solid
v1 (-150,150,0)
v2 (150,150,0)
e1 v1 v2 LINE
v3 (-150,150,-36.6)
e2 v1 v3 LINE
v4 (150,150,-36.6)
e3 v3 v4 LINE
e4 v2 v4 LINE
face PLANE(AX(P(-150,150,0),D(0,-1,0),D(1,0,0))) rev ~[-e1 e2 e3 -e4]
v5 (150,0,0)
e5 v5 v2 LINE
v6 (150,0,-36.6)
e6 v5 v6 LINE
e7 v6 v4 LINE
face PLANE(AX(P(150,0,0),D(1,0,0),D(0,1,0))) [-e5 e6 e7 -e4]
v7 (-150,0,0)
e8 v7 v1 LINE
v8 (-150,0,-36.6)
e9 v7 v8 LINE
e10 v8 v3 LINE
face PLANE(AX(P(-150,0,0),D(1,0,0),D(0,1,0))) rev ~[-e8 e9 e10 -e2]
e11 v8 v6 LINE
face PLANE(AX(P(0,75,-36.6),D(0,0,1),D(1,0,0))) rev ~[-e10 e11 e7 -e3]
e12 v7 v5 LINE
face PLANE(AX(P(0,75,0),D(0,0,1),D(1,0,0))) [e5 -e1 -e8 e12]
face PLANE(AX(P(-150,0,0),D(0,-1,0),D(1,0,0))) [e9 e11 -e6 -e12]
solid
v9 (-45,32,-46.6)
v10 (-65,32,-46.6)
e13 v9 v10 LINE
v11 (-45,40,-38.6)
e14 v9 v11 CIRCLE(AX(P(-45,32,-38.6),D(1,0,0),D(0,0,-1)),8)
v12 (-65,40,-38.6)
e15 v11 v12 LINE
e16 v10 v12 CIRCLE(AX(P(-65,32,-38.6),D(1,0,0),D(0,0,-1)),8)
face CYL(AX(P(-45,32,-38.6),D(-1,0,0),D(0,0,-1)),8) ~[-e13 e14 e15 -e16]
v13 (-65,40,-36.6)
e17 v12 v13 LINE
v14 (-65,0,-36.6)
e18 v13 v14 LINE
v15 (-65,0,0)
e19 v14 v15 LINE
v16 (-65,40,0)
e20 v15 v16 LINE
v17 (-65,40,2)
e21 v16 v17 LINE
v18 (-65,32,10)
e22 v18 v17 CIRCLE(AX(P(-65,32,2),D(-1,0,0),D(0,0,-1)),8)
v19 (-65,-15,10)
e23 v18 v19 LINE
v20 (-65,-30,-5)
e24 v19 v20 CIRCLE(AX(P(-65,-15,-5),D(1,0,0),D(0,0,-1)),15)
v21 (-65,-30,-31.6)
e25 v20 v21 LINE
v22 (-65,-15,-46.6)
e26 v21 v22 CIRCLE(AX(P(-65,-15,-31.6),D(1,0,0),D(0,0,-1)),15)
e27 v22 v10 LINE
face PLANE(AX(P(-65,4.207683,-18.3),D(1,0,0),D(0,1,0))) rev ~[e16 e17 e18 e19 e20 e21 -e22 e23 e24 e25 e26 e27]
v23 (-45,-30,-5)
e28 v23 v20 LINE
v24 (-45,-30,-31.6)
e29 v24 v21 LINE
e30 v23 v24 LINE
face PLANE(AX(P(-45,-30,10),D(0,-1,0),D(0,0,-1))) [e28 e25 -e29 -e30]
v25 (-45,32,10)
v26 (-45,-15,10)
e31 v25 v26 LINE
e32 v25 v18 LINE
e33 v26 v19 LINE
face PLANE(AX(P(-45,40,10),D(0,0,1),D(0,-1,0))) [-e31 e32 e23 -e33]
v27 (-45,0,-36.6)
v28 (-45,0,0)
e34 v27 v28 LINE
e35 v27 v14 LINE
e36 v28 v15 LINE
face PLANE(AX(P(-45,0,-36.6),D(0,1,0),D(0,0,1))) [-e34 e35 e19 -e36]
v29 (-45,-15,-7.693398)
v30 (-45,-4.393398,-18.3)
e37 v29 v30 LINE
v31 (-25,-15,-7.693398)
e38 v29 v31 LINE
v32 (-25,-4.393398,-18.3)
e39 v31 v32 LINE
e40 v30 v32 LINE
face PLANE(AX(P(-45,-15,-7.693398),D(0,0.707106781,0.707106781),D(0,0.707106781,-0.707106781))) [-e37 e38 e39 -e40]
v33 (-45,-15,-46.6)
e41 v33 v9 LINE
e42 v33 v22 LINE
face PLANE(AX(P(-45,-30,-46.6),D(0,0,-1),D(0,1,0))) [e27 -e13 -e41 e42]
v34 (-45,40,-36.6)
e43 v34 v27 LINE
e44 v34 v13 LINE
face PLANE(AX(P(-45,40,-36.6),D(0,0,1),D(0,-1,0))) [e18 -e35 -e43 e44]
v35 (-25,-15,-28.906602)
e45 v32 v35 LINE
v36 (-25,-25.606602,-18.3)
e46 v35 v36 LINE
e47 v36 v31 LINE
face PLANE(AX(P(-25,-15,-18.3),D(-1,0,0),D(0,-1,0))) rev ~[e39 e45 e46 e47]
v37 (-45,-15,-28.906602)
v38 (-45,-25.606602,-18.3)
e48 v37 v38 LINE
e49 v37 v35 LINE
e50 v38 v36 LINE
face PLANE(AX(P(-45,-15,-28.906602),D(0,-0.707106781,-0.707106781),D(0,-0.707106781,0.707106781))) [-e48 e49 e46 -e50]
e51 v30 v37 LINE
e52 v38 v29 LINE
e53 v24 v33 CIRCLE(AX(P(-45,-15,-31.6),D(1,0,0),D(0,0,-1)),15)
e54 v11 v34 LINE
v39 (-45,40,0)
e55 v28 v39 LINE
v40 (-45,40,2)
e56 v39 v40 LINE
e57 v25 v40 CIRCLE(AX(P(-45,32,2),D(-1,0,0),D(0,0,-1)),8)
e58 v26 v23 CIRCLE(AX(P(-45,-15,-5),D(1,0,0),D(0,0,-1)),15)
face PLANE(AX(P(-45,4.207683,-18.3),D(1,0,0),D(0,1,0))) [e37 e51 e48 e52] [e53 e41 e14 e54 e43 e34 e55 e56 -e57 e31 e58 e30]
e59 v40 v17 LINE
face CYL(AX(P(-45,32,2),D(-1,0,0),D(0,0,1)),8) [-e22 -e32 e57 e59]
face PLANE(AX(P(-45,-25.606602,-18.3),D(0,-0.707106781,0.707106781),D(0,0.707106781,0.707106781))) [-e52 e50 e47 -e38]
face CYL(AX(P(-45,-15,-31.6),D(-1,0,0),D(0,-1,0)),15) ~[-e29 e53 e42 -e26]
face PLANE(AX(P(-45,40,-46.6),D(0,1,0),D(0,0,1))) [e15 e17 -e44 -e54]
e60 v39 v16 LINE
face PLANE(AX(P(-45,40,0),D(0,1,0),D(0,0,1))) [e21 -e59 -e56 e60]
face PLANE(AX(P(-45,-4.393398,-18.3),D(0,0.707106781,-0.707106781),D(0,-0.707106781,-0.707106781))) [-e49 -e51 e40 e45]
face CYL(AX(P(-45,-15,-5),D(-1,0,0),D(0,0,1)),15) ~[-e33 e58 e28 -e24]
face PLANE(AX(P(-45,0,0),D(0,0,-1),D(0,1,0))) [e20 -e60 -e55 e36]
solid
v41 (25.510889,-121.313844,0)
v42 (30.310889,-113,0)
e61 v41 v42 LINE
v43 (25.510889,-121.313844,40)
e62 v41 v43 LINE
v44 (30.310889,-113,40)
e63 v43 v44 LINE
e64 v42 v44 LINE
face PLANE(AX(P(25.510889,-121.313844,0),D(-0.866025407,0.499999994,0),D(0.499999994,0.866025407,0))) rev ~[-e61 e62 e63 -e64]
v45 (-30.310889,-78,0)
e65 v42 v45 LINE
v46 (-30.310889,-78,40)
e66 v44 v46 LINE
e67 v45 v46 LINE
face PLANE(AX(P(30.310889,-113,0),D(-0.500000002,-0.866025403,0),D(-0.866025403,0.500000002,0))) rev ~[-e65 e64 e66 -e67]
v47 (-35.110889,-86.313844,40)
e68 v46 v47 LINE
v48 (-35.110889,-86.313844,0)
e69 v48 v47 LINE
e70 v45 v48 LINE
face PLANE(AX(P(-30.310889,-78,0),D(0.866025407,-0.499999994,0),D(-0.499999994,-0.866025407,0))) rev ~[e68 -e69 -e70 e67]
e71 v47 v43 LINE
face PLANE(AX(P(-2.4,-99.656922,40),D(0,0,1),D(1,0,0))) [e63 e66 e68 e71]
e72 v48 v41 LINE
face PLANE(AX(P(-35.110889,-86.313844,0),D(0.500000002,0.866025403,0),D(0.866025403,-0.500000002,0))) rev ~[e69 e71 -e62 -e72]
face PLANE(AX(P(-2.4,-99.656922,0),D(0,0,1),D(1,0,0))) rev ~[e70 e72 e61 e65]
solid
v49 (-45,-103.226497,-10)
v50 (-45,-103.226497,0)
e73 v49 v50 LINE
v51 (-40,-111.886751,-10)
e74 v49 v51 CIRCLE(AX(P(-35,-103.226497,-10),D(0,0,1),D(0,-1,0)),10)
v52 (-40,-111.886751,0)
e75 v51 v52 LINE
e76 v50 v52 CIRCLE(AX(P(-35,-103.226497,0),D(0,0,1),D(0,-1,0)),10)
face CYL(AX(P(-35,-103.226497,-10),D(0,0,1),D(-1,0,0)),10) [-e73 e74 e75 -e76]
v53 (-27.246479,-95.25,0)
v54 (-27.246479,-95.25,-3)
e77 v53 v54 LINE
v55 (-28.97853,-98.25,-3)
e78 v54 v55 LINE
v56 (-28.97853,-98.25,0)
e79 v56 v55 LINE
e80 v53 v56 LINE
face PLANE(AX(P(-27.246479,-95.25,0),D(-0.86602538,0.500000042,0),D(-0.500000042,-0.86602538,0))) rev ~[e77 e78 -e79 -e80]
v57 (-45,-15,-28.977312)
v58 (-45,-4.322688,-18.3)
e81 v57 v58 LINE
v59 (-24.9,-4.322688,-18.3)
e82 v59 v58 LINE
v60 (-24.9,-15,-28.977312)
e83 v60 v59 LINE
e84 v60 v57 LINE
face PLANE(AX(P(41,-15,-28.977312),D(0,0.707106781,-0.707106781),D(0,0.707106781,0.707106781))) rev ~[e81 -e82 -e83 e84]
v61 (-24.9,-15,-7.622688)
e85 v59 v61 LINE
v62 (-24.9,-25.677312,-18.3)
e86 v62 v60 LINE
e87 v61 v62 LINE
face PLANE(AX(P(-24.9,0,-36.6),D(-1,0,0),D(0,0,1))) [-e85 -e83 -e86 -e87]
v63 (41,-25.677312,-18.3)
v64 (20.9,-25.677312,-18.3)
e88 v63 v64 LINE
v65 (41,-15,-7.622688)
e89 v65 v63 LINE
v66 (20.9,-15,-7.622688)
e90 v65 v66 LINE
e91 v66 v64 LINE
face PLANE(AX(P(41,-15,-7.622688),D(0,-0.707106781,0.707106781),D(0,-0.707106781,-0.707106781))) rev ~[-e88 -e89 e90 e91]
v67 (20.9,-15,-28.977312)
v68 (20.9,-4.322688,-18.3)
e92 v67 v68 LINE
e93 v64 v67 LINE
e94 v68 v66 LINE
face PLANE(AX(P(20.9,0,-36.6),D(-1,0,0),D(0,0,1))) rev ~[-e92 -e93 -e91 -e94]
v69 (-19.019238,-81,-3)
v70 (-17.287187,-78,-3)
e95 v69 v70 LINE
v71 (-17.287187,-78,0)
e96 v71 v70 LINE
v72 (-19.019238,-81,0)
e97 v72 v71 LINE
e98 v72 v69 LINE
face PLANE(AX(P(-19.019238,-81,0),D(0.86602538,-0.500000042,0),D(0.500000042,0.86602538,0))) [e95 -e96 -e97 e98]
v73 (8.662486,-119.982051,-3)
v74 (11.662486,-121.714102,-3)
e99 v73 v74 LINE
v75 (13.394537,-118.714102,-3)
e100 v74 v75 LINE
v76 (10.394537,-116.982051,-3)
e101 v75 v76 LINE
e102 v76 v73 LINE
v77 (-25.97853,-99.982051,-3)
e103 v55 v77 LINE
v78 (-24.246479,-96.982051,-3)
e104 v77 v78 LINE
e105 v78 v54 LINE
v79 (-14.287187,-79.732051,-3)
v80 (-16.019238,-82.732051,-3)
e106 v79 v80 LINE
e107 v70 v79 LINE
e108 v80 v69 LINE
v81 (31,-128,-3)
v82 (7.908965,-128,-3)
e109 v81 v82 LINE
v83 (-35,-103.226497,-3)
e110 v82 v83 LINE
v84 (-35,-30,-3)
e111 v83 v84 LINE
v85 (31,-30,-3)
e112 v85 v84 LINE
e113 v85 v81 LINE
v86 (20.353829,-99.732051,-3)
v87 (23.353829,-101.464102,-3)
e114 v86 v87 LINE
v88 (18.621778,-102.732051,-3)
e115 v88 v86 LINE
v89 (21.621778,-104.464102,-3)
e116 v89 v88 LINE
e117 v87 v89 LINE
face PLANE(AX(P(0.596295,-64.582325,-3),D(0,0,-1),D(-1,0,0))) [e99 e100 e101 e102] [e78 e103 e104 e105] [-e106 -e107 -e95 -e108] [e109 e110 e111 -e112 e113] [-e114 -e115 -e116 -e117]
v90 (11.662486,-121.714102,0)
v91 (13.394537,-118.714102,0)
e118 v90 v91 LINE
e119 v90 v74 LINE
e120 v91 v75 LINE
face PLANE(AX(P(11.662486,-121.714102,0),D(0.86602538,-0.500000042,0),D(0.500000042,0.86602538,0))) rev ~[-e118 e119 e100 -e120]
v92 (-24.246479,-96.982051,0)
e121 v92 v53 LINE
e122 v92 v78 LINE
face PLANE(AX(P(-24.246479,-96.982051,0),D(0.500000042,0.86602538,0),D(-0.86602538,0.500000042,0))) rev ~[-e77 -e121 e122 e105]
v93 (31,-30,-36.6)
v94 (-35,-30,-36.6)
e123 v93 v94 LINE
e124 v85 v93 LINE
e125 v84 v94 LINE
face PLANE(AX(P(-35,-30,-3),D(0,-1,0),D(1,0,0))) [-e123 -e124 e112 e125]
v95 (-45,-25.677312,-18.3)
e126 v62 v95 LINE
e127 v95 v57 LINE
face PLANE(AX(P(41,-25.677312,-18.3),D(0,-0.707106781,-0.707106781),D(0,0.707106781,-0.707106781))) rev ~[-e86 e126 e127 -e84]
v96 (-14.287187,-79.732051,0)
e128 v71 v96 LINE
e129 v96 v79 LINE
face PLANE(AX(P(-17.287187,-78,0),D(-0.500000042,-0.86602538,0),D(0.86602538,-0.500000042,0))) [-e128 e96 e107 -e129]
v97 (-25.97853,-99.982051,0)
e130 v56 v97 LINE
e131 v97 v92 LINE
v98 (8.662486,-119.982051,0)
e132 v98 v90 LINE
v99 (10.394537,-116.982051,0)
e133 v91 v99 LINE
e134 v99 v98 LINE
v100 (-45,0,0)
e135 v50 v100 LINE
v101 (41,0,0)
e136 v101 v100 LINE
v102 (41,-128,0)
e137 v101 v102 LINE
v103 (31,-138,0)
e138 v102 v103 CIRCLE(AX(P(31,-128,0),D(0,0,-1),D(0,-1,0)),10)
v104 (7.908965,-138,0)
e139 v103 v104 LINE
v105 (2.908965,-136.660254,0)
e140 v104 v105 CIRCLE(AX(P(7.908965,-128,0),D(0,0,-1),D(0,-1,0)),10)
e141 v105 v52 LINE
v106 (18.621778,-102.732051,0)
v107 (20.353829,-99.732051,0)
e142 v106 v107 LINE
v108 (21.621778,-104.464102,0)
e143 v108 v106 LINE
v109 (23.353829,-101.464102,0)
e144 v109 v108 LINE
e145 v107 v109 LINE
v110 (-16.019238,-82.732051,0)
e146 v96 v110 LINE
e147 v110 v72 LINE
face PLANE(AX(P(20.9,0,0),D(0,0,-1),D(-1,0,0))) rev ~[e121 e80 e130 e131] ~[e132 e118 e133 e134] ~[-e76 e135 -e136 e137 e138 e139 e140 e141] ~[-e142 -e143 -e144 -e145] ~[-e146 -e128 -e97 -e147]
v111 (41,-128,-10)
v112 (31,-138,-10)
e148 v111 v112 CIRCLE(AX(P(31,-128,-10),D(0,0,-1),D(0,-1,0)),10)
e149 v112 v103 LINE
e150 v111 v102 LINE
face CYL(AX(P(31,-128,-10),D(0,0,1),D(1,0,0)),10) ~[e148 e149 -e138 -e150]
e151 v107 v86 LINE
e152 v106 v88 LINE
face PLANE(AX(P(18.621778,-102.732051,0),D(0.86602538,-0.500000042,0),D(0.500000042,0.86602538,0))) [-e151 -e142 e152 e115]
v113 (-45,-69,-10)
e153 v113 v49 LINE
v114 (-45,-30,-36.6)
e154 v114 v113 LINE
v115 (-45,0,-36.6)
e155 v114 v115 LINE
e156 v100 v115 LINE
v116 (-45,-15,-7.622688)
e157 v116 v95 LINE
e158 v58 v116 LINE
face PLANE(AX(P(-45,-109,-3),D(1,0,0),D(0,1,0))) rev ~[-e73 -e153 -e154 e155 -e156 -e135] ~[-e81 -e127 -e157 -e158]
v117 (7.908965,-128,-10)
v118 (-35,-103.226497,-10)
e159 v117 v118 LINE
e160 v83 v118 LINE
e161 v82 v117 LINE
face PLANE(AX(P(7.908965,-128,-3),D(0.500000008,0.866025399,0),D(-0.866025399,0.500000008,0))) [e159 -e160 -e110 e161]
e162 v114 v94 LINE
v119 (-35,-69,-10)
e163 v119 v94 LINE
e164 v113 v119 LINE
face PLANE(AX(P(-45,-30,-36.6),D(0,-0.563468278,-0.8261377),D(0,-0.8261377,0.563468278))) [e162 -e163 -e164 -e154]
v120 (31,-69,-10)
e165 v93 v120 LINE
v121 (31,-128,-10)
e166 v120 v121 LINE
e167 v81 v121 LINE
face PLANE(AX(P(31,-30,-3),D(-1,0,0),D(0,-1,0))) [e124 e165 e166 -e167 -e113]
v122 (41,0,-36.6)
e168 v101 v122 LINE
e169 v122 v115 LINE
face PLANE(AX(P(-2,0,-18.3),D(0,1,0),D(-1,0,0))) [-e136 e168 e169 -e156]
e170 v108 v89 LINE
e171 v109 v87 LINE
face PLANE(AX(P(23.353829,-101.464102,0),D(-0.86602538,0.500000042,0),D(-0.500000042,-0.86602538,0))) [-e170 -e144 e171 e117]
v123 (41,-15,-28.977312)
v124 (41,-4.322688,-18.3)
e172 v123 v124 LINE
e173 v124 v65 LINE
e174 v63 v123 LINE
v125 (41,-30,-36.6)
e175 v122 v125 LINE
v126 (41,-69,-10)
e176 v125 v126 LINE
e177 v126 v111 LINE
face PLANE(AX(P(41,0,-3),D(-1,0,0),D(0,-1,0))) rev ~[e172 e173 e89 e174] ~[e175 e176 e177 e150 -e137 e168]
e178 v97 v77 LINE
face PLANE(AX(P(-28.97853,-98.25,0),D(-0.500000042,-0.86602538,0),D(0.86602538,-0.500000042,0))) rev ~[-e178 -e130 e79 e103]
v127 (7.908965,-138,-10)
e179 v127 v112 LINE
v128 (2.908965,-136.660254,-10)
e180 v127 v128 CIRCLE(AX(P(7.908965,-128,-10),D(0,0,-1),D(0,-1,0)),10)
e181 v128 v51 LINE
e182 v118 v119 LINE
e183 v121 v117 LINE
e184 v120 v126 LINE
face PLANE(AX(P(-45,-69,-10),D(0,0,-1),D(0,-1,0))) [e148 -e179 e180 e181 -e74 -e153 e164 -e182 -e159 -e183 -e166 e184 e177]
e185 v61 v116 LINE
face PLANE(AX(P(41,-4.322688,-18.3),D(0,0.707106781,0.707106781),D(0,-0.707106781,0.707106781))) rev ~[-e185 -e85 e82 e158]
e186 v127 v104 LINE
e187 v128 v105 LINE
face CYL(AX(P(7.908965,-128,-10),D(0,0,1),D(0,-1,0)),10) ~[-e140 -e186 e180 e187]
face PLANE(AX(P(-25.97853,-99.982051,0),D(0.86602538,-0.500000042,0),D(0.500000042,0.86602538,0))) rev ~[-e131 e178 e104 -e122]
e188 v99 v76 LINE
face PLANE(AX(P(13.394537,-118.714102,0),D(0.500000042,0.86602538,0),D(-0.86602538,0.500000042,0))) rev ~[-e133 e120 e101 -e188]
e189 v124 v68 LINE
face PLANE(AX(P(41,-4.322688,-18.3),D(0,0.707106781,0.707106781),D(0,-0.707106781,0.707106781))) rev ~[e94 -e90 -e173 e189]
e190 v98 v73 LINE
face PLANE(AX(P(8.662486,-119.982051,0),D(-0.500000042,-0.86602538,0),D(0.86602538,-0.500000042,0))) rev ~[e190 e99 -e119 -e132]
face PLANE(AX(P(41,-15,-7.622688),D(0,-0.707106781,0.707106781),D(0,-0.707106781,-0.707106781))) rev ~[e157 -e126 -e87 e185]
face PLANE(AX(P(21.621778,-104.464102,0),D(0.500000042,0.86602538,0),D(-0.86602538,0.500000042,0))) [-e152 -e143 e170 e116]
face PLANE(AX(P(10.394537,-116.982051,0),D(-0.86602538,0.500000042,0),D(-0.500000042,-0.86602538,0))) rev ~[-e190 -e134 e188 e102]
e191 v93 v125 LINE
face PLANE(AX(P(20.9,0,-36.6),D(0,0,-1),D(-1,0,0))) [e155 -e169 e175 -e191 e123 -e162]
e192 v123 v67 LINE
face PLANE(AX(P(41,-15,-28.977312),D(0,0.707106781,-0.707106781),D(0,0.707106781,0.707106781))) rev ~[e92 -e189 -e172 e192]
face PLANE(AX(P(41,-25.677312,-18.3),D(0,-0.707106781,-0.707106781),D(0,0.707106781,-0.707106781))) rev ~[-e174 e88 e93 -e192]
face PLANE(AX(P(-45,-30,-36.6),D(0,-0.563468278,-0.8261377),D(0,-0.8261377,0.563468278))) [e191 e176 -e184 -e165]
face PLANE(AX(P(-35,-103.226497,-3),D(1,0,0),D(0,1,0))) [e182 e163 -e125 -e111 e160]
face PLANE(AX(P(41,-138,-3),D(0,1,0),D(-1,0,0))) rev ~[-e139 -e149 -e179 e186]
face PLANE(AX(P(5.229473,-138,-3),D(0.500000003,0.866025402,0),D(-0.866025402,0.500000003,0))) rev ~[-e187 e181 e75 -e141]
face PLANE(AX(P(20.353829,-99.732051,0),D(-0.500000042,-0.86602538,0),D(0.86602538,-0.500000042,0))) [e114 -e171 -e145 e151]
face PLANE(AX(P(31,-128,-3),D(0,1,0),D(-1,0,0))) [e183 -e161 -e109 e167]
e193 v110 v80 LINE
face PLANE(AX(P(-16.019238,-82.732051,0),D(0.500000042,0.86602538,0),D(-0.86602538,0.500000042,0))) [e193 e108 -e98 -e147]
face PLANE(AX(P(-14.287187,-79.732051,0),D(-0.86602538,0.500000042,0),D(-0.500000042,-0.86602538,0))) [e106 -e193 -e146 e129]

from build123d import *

# Parameters (mm, degrees)
PAD_DEPTH       = 40
SKETCH001_W     = 300
SKETCH001_H     = 150
PAD001_DEPTH    = 36.6
PAD002_DEPTH    = 3
PAD003_DEPTH    = 33.6
POCKET_DEPTH    = 86.001
POCKET001_DEPTH = 86.001
SKETCH006_W     = 45.8
SKETCH006_H     = 36.6
PAD004_DEPTH    = 30
POCKET002_DEPTH = 3
FILLET_R        = 10
PAD005_DEPTH    = 20
PAD006_DEPTH    = 20
FILLET001_R     = 15
FILLET002_R     = 8


with BuildPart() as dish_rack_body:
    # Sketch → Pad (new body)
    with BuildSketch(Plane.XY):
        Polygon((30.310889, -113), (-30.310889, -78), (-35.110889, -86.313844), (25.510889, -121.313844), align=None)
    extrude(amount=PAD_DEPTH)


with BuildPart() as kitchen_counter:
    # Sketch001 → Pad001 (new body)
    with BuildSketch(Plane.XY):
        with Locations((0, 75)):
            Rectangle(SKETCH001_W, SKETCH001_H)
    extrude(amount=-PAD001_DEPTH)


with BuildPart() as rack_bracket:
    # Sketch002 → Pad002 (new body)
    with BuildSketch(Plane.XY):
        Polygon((-45, 0), (41, 0), (41, -138), (5.229473, -138), (-45, -109), align=None)
    extrude(amount=-PAD002_DEPTH)

    # Sketch003 (on Face7 of Pad002) → Pad003 (join)
    with BuildSketch(Plane(origin=(0, 0, -3), x_dir=(1, 0, 0), z_dir=(0, 0, -1))):
        Polygon((-45, 109), (-45, 0), (41, 0), (41, 138), (5.229473, 138), align=None)
        Polygon((-35, 30), (31, 30), (31, 128), (7.908965, 128), (-35, 103.226497), align=None, mode=Mode.SUBTRACT)
    extrude(amount=PAD003_DEPTH)

    # Sketch004 (on Face10 of Pad003) → Pocket (cut, through all)
    with BuildSketch(Plane(origin=(-45, 0, 0), x_dir=(0, -1, 0), z_dir=(-1, 0, 0))):
        Polygon((30, -36.6), (69, -10), (138, -10), (138, -36.6), align=None)
    extrude(amount=-POCKET_DEPTH, mode=Mode.SUBTRACT)

    # Sketch005 (on Face3 of Pocket) → Pocket001 (cut, through all)
    with BuildSketch(Plane.YZ.offset(41)):
        Polygon((-15, -7.622688), (-25.677312, -18.3), (-15, -28.977312), (-4.322688, -18.3), align=None)
    extrude(amount=-POCKET001_DEPTH, mode=Mode.SUBTRACT)

    # Sketch006 (on Face2 of Pocket001) → Pad004 (join)
    with BuildSketch(Plane(origin=(0, 0, 0), x_dir=(-1, 0, 0), z_dir=(0, 1, 0))):
        with Locations((2, -18.3)):
            Rectangle(SKETCH006_W, SKETCH006_H)
    extrude(amount=-PAD004_DEPTH)

    # Sketch007 (on Face23 of Pad004) → Pocket002 (cut)
    with BuildSketch(Plane.XY):
        Polygon((-19.019238, -81), (-17.287187, -78), (-14.287187, -79.732051), (-16.019238, -82.732051), align=None)
        Polygon((18.621778, -102.732051), (20.353829, -99.732051), (23.353829, -101.464102), (21.621778, -104.464102), align=None)
        Polygon((-27.246479, -95.25), (-28.97853, -98.25), (-25.97853, -99.982051), (-24.246479, -96.982051), align=None)
        Polygon((10.394537, -116.982051), (8.662486, -119.982051), (11.662486, -121.714102), (13.394537, -118.714102), align=None)
    extrude(amount=-POCKET002_DEPTH, mode=Mode.SUBTRACT)

    # Fillet
    fillet_edges = [rack_bracket.edges().sort_by_distance(p)[0] for p in [
        (-45, -109, -5),
        (5.229473, -138, -5),
        (41, -138, -5),
    ]]
    fillet(fillet_edges, radius=FILLET_R)


with BuildPart() as support_bracket:
    # Sketch008 (on Face12 of ShapeBinder) → Pad005 (new body)
    with BuildSketch(Plane(origin=(-45, 0, 0), x_dir=(0, -1, 0), z_dir=(-1, 0, 0))):
        Polygon((0, 0), (-40, 0), (-40, 10), (30, 10), (30, -46.6), (-40, -46.6), (-40, -36.6), (0, -36.6), align=None)
    extrude(amount=PAD005_DEPTH)

    # Sketch009 (on Face9 of Pad005) → Pad006 (join)
    with BuildSketch(Plane.YZ.offset(-45)):
        Polygon((-15, -7.693398), (-4.393398, -18.3), (-15, -28.906602), (-25.606602, -18.3), align=None)
    extrude(amount=PAD006_DEPTH)

    # Fillet001
    fillet001_edges = [support_bracket.edges().sort_by_distance(p)[0] for p in [
        (-55, -30, -46.6),
        (-55, -30, 10),
    ]]
    fillet(fillet001_edges, radius=FILLET001_R)

    # Fillet002
    fillet002_edges = [support_bracket.edges().sort_by_distance(p)[0] for p in [
        (-55, 40, 10),
        (-55, 40, -46.6),
    ]]
    fillet(fillet002_edges, radius=FILLET002_R)


solid = Compound([dish_rack_body.part, kitchen_counter.part, rack_bracket.part, support_bracket.part])
